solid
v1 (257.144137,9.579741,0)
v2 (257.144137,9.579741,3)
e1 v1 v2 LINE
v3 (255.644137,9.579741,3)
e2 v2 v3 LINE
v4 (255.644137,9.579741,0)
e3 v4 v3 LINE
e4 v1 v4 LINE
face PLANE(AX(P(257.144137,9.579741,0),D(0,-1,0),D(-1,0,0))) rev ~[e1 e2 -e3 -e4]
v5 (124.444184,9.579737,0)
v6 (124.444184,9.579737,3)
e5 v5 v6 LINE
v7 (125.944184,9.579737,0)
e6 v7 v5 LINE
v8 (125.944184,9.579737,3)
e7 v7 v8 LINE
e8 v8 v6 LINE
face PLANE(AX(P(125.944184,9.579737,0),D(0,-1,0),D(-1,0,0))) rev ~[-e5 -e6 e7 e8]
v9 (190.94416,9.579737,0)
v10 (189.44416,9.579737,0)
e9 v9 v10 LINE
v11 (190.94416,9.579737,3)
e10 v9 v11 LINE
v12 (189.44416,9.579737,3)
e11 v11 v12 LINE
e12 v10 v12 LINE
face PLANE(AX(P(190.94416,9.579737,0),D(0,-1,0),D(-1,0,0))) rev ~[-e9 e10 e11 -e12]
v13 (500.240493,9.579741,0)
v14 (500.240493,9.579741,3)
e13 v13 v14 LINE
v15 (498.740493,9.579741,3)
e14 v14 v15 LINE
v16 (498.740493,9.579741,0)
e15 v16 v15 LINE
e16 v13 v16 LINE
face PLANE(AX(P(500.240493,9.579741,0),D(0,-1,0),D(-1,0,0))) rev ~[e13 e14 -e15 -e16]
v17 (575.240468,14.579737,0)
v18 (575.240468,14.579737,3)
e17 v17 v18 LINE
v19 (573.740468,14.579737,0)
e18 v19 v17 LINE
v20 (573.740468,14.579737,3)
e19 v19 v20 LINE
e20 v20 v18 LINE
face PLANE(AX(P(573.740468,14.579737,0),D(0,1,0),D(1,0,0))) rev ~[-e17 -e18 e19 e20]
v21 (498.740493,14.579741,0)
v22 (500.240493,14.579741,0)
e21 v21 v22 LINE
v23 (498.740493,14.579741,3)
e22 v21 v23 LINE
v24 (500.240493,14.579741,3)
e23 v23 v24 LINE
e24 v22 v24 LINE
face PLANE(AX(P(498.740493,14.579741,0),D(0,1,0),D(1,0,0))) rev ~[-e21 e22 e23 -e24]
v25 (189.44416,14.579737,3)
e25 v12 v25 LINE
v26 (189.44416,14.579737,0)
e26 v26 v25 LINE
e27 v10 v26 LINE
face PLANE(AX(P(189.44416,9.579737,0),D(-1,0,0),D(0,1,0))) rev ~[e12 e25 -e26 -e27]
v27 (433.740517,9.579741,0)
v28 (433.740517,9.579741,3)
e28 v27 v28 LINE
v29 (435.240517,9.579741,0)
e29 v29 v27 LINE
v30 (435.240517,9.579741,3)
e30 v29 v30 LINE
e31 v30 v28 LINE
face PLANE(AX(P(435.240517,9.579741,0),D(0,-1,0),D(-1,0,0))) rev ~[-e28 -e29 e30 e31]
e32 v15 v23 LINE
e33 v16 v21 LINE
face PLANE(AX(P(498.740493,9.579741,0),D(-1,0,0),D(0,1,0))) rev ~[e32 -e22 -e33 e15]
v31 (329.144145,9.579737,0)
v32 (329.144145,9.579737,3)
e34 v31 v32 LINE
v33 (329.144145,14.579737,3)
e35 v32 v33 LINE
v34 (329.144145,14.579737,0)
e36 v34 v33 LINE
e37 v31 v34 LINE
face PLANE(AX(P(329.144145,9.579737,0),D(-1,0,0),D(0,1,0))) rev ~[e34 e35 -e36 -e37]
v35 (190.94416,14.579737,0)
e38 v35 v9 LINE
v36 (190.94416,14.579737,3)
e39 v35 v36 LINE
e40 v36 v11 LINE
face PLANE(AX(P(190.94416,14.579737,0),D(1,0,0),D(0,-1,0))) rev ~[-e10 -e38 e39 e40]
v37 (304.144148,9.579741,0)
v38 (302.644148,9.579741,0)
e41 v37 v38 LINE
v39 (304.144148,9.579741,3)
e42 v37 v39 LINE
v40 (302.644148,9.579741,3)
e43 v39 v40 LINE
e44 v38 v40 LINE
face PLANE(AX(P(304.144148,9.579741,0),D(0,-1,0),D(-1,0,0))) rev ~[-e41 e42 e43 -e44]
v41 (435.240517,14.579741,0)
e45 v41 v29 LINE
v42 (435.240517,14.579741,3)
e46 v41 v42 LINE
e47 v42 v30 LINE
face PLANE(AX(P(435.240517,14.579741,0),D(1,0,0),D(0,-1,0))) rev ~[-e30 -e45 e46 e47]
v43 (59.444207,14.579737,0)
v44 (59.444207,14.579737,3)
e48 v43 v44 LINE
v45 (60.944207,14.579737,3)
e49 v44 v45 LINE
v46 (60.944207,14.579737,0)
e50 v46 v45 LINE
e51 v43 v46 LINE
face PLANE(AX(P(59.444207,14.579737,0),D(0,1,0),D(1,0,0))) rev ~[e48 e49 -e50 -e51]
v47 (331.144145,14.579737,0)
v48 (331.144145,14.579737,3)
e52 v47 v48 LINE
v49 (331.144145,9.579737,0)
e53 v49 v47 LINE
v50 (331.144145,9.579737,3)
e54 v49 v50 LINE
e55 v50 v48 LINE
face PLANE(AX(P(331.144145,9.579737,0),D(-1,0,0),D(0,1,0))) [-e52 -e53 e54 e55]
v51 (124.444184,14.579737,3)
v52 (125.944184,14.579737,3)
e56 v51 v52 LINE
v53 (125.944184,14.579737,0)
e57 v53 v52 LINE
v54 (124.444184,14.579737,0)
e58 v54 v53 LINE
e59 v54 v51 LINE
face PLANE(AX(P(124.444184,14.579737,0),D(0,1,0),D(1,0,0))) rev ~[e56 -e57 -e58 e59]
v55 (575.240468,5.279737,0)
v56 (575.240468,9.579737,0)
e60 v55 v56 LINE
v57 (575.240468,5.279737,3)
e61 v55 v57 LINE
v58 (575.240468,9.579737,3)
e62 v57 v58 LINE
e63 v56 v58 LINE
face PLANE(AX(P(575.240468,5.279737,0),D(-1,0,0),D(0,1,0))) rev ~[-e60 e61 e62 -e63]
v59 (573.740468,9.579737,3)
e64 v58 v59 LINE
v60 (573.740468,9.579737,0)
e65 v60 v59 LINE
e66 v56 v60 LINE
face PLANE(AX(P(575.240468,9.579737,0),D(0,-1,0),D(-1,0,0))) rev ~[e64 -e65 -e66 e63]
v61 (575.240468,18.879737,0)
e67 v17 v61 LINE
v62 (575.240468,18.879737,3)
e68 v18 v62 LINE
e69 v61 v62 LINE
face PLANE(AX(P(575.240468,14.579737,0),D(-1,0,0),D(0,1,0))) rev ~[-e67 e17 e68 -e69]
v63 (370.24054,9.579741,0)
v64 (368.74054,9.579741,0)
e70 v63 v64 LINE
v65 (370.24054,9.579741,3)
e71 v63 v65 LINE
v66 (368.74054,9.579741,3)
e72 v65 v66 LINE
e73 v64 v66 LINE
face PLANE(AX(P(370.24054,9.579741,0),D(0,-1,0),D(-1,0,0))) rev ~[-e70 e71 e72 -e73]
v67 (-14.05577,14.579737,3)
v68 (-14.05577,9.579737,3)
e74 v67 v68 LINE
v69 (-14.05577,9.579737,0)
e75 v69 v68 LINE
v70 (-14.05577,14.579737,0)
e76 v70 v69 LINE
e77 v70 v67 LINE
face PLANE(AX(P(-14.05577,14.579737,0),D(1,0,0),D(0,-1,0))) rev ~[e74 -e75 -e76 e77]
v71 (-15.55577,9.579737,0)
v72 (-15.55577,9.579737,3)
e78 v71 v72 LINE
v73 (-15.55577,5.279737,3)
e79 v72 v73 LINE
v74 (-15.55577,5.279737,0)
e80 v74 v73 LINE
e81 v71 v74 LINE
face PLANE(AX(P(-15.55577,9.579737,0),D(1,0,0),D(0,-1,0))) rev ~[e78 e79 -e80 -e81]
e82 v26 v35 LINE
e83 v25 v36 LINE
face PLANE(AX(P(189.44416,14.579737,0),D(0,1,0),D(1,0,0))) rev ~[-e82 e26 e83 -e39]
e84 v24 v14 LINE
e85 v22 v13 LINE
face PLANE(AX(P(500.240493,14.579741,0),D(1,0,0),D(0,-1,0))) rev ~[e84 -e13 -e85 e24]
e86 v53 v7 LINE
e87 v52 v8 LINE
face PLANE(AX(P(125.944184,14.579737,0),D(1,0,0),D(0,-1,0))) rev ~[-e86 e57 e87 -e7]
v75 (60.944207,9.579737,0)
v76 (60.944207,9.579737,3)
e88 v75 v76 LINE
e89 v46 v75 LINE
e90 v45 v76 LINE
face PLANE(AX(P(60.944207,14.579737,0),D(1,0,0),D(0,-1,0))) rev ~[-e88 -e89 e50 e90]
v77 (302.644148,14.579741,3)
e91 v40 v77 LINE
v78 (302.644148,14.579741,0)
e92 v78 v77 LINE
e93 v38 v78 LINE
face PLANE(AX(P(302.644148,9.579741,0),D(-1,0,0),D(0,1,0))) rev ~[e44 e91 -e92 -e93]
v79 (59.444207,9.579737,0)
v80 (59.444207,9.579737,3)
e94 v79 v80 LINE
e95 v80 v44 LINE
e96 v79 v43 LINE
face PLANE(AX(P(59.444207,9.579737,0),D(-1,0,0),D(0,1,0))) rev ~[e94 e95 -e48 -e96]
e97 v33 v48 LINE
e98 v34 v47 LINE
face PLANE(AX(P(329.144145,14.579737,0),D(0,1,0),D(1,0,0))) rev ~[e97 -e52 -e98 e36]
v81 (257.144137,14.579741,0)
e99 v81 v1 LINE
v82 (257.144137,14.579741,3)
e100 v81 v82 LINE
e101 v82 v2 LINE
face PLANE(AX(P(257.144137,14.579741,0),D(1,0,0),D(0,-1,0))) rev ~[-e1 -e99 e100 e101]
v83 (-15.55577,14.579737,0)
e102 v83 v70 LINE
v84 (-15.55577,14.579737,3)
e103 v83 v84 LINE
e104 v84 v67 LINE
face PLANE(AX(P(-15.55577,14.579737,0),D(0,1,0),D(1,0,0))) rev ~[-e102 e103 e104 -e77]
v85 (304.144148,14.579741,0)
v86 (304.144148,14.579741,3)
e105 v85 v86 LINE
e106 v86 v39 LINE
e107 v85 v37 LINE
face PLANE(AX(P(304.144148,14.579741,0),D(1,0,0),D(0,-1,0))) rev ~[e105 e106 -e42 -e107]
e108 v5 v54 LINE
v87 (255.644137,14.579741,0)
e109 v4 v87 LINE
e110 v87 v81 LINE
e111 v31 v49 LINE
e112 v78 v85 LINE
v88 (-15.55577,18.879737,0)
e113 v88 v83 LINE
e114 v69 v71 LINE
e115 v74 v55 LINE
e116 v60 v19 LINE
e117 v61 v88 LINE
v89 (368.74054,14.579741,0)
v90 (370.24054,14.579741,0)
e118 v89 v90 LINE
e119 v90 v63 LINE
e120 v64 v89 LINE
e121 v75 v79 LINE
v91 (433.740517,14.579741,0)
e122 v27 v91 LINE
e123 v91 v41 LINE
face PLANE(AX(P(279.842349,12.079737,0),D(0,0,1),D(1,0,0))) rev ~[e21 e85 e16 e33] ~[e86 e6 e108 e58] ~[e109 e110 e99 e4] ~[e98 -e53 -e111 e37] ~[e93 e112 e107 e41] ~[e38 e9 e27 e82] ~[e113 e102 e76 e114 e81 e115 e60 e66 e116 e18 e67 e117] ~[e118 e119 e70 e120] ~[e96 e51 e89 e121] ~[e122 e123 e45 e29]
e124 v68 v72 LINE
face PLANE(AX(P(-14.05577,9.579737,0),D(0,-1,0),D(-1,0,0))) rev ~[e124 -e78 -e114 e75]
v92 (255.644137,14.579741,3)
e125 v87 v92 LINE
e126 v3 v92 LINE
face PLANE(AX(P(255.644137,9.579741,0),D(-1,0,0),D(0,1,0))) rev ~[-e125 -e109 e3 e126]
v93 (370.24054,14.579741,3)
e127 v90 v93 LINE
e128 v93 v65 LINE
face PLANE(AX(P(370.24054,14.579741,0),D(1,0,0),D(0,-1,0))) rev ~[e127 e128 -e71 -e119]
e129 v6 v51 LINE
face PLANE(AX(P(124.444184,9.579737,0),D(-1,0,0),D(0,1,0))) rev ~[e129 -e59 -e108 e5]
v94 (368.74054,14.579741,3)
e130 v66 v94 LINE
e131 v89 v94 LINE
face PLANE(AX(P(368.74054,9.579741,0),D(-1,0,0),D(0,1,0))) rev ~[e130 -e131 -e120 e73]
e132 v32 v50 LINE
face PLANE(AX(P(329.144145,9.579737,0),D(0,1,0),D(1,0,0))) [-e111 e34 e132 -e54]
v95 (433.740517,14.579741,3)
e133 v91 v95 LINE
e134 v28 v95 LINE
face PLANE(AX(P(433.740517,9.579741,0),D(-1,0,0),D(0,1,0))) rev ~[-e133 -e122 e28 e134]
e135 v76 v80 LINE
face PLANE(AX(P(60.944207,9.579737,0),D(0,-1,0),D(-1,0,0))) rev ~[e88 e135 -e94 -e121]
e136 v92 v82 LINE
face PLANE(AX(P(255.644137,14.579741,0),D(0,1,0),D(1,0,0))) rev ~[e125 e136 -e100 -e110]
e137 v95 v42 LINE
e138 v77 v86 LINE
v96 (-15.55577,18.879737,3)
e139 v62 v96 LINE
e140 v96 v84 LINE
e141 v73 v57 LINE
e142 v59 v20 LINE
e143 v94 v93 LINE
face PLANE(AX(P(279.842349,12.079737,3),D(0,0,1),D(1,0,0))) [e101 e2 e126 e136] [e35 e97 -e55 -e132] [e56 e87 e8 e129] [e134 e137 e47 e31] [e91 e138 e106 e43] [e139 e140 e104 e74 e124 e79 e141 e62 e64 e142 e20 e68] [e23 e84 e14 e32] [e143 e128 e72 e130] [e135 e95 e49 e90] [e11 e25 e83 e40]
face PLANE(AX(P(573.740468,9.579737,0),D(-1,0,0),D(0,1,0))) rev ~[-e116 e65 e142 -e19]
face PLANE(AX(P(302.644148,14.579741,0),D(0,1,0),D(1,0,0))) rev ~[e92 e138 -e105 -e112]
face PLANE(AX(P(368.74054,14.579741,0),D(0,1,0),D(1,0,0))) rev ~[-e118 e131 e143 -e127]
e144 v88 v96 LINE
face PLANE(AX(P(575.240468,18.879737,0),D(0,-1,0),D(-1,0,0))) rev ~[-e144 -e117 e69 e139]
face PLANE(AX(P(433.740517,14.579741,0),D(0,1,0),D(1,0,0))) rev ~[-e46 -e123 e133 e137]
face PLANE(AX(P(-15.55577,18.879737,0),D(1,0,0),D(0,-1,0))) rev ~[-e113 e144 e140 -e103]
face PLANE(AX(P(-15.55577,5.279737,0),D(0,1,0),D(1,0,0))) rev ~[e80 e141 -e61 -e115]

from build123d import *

# Parameters (mm, degrees)
MODEL_W         = 2
MODEL_H         = 5
EXTRUDE_2_DEPTH = 3


with BuildPart() as part:
    # Model → 凸台-拉伸2 (new body)
    with BuildSketch(Plane.XY):
        Polygon((575.240468194, 18.879736589), (-15.555770015, 18.879736589), (-15.555770015, 14.579736589), (-14.055770015, 14.579736589), (-14.055770015, 9.579736589), (-15.555770015, 9.579736589), (-15.555770015, 5.279736589), (575.240468194, 5.279736589), (575.240468194, 9.579736589), (573.740468194, 9.579736589), (573.740468194, 14.579736589), (575.240468194, 14.579736589), align=None)
        with Locations((330.144145491, 12.079736589)):
            Rectangle(MODEL_W, MODEL_H, mode=Mode.SUBTRACT)
        Polygon((59.444206817, 12.079736589), (59.444206817, 14.579736589), (60.944206817, 14.579736589), (60.944206817, 9.579736589), (59.444206817, 9.579736589), align=None, mode=Mode.SUBTRACT)
        Polygon((124.444183648, 12.079736589), (124.444183648, 14.579736589), (125.944183648, 14.579736589), (125.944183648, 9.579736589), (124.444183648, 9.579736589), align=None, mode=Mode.SUBTRACT)
        Polygon((189.444160479, 12.079736589), (189.444160479, 14.579736589), (190.944160479, 14.579736589), (190.944160479, 9.579736589), (189.444160479, 9.579736589), align=None, mode=Mode.SUBTRACT)
        Polygon((255.644137473, 12.079741496), (255.644137473, 14.579741496), (257.144137473, 14.579741496), (257.144137473, 9.579741496), (255.644137473, 9.579741496), align=None, mode=Mode.SUBTRACT)
        Polygon((302.644147585, 12.079741496), (302.644147585, 14.579741496), (304.144147585, 14.579741496), (304.144147585, 9.579741496), (302.644147585, 9.579741496), align=None, mode=Mode.SUBTRACT)
        Polygon((368.740539794, 12.079741496), (368.740539794, 14.579741496), (370.240539794, 14.579741496), (370.240539794, 9.579741496), (368.740539794, 9.579741496), align=None, mode=Mode.SUBTRACT)
        Polygon((433.740516625, 12.079741496), (433.740516625, 14.579741496), (435.240516625, 14.579741496), (435.240516625, 9.579741496), (433.740516625, 9.579741496), align=None, mode=Mode.SUBTRACT)
        Polygon((498.740493457, 12.079741496), (498.740493457, 14.579741496), (500.240493457, 14.579741496), (500.240493457, 9.579741496), (498.740493457, 9.579741496), align=None, mode=Mode.SUBTRACT)
    extrude(amount=EXTRUDE_2_DEPTH)


solid = part.part
